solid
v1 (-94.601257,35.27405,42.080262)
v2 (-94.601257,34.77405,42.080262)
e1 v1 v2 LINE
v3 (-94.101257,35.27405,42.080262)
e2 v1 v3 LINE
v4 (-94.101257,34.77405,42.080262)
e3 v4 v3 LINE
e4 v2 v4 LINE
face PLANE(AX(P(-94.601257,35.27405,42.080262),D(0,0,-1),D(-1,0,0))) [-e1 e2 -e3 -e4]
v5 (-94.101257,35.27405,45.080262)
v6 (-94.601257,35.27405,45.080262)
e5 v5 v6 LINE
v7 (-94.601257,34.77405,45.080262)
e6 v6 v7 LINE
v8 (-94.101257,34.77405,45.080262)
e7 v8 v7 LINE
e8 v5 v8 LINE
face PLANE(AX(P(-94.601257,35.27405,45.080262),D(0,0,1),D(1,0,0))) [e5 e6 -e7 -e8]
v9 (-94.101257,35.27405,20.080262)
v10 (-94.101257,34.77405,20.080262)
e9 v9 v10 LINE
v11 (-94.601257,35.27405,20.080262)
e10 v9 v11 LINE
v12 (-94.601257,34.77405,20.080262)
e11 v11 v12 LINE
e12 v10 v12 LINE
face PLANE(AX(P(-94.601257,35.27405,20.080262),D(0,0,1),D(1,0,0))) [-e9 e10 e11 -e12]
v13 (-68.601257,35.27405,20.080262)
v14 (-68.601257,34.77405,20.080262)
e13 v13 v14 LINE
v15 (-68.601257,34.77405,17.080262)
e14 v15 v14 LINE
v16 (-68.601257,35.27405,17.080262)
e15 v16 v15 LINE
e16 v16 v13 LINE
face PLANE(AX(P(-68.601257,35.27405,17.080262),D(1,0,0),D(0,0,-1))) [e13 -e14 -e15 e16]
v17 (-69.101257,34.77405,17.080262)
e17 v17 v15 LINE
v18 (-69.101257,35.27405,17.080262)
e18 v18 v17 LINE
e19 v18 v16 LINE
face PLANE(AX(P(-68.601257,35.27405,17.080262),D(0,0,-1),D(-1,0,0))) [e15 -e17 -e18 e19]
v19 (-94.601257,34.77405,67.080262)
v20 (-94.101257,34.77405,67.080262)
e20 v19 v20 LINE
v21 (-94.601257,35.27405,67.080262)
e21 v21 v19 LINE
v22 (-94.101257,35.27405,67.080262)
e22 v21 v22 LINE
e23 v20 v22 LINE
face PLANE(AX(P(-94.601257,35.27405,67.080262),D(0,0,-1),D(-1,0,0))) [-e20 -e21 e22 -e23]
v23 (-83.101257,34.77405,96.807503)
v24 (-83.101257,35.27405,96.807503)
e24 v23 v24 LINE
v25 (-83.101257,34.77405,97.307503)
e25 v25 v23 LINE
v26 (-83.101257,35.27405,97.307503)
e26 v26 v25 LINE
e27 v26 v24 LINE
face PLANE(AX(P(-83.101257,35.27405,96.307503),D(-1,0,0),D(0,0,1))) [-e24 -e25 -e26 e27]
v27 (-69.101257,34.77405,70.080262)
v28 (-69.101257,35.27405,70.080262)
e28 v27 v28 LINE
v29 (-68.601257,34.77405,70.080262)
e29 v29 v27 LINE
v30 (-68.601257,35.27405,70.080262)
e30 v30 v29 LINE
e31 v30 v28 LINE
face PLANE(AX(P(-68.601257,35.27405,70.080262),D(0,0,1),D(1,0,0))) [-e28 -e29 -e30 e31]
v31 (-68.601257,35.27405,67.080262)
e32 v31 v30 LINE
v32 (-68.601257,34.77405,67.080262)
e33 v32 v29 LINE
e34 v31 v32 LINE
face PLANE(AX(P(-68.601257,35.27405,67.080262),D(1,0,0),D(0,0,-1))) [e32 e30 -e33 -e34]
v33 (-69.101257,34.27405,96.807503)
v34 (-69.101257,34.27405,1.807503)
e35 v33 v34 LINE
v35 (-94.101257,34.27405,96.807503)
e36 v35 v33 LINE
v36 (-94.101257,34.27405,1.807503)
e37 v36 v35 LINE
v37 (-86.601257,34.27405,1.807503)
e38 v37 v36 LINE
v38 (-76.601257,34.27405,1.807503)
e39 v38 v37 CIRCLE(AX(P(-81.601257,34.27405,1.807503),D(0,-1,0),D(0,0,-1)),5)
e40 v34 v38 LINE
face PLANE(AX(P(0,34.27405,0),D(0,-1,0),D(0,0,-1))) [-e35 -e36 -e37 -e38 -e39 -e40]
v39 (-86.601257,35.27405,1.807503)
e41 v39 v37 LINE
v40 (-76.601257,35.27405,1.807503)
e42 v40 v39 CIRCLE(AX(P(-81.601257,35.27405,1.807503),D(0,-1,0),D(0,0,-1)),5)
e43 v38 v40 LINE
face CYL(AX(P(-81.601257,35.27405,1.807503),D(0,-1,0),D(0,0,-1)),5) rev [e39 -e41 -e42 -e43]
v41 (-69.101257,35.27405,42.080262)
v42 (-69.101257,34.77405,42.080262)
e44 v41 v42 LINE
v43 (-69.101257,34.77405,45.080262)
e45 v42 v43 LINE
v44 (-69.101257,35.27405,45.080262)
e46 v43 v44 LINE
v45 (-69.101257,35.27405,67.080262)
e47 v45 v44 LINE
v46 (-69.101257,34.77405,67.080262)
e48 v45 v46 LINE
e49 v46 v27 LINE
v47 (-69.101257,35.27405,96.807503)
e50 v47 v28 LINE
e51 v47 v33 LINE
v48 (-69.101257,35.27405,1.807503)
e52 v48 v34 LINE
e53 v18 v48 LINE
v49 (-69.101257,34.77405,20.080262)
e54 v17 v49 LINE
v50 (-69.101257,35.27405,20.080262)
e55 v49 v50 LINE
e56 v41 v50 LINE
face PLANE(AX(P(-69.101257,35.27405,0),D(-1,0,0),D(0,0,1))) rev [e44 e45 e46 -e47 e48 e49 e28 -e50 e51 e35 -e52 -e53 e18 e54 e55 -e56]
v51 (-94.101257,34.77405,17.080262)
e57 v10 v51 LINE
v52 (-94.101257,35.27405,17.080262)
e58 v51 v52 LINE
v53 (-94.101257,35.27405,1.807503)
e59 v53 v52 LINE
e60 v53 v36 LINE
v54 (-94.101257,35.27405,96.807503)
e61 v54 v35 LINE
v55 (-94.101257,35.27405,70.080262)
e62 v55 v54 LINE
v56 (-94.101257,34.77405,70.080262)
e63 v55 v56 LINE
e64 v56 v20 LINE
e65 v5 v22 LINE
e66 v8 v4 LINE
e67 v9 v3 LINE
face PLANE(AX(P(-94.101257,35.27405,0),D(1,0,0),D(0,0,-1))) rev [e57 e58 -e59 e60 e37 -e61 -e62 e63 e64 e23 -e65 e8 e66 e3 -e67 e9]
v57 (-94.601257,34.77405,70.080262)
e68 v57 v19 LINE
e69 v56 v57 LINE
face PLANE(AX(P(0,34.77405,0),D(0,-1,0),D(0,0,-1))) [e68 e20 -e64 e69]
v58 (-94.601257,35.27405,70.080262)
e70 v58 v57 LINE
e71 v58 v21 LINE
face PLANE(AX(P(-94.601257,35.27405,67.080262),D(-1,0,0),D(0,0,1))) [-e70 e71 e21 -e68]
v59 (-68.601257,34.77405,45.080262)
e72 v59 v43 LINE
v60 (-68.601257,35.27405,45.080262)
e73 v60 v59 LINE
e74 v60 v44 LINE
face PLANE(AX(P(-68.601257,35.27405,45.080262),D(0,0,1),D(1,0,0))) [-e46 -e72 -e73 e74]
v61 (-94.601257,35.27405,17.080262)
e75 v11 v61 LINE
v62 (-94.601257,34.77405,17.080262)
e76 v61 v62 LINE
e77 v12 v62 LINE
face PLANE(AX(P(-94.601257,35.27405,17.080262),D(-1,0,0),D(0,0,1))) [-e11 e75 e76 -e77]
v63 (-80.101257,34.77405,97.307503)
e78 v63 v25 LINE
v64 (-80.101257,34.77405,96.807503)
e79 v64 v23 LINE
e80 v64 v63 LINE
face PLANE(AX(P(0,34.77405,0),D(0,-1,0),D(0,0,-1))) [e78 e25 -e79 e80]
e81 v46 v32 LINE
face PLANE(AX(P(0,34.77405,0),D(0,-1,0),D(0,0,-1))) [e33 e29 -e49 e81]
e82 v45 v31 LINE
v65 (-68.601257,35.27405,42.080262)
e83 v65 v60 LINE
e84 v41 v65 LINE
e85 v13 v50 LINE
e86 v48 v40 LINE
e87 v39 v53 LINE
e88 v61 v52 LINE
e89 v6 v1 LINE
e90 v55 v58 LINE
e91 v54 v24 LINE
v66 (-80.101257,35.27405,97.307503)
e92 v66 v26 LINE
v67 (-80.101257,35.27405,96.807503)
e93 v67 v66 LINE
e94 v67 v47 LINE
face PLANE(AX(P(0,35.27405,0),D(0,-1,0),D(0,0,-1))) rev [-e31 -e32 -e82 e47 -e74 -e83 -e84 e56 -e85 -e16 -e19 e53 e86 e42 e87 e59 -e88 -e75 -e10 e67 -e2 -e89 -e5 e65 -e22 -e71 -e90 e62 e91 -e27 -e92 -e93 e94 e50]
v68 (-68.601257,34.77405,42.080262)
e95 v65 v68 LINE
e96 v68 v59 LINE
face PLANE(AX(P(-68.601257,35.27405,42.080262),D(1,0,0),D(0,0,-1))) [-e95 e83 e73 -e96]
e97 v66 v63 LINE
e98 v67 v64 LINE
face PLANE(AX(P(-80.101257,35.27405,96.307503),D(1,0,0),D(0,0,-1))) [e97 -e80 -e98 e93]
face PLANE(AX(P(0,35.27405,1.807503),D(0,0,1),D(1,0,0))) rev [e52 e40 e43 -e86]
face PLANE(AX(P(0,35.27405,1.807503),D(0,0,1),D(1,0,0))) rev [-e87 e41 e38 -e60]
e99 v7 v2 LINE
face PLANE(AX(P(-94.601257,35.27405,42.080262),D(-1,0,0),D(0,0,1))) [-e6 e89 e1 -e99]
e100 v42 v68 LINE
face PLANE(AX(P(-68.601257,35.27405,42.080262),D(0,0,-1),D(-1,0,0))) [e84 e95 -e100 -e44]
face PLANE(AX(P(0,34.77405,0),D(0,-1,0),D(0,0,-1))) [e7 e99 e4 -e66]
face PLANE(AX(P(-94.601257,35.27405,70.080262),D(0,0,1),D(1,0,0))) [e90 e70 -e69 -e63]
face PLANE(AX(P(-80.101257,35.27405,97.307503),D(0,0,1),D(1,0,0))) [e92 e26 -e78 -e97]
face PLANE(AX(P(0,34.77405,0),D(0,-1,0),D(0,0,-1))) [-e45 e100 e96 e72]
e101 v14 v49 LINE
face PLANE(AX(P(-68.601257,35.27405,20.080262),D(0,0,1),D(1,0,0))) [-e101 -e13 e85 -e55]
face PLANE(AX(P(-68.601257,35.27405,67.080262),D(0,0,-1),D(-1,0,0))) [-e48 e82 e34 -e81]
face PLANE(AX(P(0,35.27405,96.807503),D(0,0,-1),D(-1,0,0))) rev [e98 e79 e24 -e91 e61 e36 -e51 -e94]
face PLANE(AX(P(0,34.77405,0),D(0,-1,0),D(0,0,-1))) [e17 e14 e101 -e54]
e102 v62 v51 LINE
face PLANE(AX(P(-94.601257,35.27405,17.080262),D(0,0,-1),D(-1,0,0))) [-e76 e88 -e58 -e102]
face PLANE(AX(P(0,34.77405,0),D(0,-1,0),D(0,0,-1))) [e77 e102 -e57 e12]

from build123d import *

# Parameters (mm, degrees)
SKETCH1_W           = 25
SKETCH1_H           = 95
BOSS_EXTRUDE1_DEPTH = 1
BOSS_EXTRUDE2_START = -0.5
SKETCH3_W           = 3
SKETCH3_H           = 1
SKETCH3_W_2         = 1
SKETCH3_H_2         = 3
BOSS_EXTRUDE2_DEPTH = 0.5
SKETCH4_R           = 5
CUT_EXTRUDE1_DEPTH  = 1


with BuildPart() as part:
    # Sketch1 → Boss-Extrude1 (new body)
    with BuildSketch(Plane.XZ.offset(-34.2740501)):
        with Locations((-81.601257217, 49.307503177)):
            Rectangle(SKETCH1_W, SKETCH1_H)
    extrude(amount=-BOSS_EXTRUDE1_DEPTH)

    # Sketch3 → Boss-Extrude2 (add)
    with BuildSketch(Plane.XZ.offset(-34.2740501).offset(BOSS_EXTRUDE2_START)):
        with Locations((-81.601257217, 96.807503177)):
            Rectangle(SKETCH3_W, SKETCH3_H)
        with Locations((-94.101257217, 68.580262086)):
            Rectangle(SKETCH3_W_2, SKETCH3_H_2)
        with Locations((-94.101257217, 43.580262086)):
            Rectangle(SKETCH3_W_2, SKETCH3_H_2)
        with Locations((-94.101257217, 18.580262086)):
            Rectangle(SKETCH3_W_2, SKETCH3_H_2)
        with Locations((-69.101257217, 18.580262086)):
            Rectangle(SKETCH3_W_2, SKETCH3_H_2)
        with Locations((-69.101257217, 43.580262086)):
            Rectangle(SKETCH3_W_2, SKETCH3_H_2)
        with Locations((-69.101257217, 68.580262086)):
            Rectangle(SKETCH3_W_2, SKETCH3_H_2)
    extrude(amount=-BOSS_EXTRUDE2_DEPTH)

    # Sketch4 → Cut-Extrude1 (cut)
    with BuildSketch(Plane.XZ.offset(-34.2740501)):
        with Locations((-81.601257217, 1.807503177)):
            Circle(SKETCH4_R)
    extrude(amount=-CUT_EXTRUDE1_DEPTH, mode=Mode.SUBTRACT)


solid = part.part
